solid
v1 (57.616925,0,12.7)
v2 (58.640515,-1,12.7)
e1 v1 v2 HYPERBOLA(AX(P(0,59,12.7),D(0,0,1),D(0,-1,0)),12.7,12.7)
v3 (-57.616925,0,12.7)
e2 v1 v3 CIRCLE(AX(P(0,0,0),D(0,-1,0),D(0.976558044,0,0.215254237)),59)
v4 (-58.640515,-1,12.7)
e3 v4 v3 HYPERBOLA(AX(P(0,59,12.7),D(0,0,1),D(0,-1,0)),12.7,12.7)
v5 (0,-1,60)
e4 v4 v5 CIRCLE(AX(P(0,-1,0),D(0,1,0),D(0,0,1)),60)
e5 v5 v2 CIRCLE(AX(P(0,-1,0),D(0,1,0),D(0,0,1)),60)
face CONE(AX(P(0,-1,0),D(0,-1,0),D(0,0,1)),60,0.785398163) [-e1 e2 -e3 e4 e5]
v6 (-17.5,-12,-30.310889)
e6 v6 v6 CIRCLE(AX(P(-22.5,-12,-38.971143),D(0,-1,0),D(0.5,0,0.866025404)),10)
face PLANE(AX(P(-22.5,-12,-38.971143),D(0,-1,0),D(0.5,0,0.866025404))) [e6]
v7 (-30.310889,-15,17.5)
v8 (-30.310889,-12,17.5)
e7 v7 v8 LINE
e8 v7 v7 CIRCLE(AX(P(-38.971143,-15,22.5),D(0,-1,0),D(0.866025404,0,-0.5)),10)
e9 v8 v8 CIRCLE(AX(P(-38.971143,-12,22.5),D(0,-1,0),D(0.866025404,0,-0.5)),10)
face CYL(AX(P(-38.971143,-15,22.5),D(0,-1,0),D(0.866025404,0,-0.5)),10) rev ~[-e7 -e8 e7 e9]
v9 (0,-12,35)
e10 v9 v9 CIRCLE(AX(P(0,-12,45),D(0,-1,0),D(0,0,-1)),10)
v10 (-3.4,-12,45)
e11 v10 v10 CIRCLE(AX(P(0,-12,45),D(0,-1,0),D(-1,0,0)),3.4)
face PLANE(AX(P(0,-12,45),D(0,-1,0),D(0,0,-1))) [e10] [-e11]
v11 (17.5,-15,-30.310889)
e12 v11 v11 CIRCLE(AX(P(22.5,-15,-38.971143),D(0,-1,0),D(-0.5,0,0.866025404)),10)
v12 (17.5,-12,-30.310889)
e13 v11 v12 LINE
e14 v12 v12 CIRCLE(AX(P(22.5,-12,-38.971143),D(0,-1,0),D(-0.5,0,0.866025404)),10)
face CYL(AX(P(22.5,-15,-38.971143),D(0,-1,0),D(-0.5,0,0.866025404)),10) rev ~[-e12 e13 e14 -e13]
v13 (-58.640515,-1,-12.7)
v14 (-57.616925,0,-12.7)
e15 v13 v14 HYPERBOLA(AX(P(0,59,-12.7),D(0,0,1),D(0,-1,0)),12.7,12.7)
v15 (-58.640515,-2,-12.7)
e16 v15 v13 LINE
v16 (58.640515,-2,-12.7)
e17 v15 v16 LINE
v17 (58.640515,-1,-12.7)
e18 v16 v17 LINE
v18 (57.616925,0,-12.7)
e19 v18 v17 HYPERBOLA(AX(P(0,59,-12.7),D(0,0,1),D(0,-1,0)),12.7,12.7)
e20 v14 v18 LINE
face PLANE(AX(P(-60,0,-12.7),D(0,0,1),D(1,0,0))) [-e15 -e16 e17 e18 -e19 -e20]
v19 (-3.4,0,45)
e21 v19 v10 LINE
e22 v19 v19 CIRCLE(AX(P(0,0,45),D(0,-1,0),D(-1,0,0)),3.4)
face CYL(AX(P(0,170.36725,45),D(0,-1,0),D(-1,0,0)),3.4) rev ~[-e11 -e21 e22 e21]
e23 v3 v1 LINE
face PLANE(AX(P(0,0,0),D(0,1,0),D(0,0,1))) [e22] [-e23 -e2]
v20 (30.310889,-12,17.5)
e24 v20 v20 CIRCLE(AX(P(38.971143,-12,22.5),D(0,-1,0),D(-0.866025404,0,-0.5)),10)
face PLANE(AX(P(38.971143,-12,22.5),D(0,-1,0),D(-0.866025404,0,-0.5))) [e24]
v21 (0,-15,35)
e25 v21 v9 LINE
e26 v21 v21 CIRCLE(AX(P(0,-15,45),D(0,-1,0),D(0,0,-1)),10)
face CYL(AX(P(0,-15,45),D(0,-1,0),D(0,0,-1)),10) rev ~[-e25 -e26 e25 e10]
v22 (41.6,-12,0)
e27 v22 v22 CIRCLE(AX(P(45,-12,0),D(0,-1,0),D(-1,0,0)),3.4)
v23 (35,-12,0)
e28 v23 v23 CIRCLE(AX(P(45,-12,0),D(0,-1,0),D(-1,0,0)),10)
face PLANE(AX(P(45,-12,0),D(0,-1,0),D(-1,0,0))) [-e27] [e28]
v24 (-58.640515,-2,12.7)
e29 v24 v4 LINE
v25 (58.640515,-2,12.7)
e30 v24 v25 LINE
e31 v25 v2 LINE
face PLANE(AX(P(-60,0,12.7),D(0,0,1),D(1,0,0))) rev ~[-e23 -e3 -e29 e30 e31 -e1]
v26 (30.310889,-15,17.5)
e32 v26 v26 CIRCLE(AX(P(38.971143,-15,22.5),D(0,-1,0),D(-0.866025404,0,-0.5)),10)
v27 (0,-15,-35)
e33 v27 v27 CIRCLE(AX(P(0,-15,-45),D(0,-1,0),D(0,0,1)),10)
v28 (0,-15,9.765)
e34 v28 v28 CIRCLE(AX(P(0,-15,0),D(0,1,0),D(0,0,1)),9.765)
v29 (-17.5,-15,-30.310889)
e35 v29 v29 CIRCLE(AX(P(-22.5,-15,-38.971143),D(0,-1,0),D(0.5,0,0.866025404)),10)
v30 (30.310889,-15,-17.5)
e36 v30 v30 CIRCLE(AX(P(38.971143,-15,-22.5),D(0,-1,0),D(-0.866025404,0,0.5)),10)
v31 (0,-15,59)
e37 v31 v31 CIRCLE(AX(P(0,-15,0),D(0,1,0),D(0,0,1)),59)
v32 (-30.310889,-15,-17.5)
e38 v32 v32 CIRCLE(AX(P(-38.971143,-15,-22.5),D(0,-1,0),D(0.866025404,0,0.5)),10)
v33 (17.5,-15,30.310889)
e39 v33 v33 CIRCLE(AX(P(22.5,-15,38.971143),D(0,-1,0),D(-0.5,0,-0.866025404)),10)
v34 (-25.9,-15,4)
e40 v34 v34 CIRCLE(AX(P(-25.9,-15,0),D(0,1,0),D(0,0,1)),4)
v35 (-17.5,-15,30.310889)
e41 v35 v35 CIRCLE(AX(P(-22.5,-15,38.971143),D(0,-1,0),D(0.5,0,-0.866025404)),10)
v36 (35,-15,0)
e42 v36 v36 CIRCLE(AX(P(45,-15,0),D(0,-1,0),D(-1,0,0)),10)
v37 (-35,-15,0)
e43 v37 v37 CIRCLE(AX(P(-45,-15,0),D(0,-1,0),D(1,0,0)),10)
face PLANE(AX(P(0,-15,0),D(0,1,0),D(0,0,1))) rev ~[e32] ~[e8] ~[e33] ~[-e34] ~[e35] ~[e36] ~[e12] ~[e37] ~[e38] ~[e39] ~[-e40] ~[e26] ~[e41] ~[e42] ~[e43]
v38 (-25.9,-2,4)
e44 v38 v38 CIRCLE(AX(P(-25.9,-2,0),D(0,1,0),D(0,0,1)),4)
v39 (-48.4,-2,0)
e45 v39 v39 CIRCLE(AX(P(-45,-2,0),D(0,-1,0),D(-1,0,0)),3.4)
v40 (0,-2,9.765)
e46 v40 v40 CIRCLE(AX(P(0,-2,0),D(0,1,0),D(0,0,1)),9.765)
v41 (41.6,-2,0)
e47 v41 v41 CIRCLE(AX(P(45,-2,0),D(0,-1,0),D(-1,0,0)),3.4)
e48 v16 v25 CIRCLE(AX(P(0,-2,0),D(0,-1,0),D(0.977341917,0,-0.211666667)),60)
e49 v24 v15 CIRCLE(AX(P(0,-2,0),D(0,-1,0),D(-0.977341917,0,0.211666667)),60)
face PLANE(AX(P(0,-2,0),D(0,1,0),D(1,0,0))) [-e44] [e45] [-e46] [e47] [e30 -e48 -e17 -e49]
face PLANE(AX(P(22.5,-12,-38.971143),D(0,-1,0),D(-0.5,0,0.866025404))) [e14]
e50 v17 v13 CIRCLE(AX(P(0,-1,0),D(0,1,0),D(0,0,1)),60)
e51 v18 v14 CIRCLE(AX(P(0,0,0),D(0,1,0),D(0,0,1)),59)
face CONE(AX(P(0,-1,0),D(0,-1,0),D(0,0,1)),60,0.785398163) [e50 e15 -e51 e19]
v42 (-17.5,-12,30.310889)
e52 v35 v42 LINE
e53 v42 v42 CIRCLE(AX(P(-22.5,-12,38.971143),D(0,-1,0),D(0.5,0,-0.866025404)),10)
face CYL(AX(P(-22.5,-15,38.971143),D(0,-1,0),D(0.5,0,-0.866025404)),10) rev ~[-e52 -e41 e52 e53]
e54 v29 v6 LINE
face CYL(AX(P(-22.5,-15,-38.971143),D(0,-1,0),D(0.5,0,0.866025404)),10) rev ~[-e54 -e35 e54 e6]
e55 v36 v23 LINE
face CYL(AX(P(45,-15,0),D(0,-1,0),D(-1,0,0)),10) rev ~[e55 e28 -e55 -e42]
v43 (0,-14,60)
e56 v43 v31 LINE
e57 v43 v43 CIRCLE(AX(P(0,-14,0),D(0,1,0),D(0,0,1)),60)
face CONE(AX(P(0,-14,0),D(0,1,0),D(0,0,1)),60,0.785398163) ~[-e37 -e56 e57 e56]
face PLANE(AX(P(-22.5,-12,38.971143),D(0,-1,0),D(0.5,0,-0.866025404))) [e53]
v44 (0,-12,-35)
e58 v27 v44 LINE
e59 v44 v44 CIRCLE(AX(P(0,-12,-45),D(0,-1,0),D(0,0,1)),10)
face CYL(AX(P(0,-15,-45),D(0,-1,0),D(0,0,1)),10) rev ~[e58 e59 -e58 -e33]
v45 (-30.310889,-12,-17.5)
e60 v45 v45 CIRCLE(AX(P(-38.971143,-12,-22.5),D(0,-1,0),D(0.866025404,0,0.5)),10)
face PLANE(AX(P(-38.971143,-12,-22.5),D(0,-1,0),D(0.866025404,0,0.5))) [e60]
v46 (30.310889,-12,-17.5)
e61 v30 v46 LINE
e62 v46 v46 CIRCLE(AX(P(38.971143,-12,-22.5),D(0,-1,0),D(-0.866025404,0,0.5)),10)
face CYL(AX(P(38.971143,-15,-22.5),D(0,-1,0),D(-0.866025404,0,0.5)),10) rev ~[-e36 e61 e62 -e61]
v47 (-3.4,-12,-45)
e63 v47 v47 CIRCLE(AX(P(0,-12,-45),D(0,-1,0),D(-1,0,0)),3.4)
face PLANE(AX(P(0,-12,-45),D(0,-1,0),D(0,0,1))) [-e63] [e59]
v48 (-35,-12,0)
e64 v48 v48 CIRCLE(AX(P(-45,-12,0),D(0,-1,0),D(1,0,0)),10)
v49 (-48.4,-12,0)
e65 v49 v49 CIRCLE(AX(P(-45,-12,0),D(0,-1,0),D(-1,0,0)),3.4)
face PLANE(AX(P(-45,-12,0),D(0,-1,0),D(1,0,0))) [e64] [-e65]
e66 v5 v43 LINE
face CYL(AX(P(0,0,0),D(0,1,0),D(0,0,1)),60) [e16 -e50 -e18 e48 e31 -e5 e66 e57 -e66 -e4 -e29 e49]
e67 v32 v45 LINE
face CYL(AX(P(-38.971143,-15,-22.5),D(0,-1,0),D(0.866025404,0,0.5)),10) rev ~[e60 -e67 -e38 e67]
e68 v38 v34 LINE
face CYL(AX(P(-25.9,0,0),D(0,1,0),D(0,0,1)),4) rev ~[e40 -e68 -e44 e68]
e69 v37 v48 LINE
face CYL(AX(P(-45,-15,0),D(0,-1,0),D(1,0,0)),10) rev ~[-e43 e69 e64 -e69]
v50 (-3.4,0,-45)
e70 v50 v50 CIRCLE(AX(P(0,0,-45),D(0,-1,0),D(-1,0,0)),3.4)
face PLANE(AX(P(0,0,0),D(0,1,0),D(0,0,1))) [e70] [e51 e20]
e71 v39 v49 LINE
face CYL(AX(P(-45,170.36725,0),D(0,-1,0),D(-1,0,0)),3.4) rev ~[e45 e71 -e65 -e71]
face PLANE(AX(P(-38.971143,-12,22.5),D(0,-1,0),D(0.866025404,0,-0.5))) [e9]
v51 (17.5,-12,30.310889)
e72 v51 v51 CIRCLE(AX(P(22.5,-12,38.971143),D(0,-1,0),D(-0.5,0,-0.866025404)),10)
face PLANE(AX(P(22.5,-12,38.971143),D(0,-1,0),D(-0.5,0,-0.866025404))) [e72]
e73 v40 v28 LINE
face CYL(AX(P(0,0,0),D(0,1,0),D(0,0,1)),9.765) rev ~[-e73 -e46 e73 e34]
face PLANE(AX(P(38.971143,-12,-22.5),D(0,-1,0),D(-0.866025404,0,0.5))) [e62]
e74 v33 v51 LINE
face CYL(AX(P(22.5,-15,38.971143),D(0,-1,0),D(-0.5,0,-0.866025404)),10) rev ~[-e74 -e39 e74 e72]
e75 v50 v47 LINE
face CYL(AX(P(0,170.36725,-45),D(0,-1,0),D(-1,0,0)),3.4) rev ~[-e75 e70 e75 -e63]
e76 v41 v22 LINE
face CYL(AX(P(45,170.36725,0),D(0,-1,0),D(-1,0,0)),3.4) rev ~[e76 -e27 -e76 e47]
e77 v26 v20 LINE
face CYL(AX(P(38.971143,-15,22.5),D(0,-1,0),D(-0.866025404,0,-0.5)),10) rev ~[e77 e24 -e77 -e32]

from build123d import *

# Parameters (mm, degrees)
SKETCH1_R                      = 60
SKETCH1_R_2                    = 9.765
BOSS_EXTRUDE1_DEPTH            = 15
CHAMFER1_SIZE                  = 1
M8_TAPPED_HOLE1_D              = 6.8
SKETCH5_R                      = 10
CUT_EXTRUDE1_DEPTH             = 3
CIRPATTERN1_COUNT              = 12
SKETCH7_W                      = 120
SKETCH7_H                      = 25.4
CUT_EXTRUDE2_DEPTH             = 2
CUT_EXTRUDE3_REACH             = 88.168
SKETCH8_R                      = 4
CUT_EXTRUDE3_DIRECTION_2_DEPTH = 87.168439698


with BuildPart() as part:
    # Sketch1 → Boss-Extrude1 (new body)
    with BuildSketch(Plane(origin=(0, 0, 0), x_dir=(1, 0, 0), z_dir=(0, 1, 0))):
        with Locations(Location((0, 0, 0), (0, 0, 270))):
            Circle(SKETCH1_R)
        with Locations(Location((0, 0, 0), (0, 0, 270))):
            Circle(SKETCH1_R_2, mode=Mode.SUBTRACT)
    extrude(amount=-BOSS_EXTRUDE1_DEPTH)

    # Chamfer1
    chamfer1_edges = [part.edges().sort_by_distance(p)[0] for p in [
        (0, 0, -60),
        (0, -15, -60),
    ]]
    chamfer(chamfer1_edges, length=CHAMFER1_SIZE)

    # M8 Tapped Hole1 (through all)
    with Locations(Plane(origin=(0, 0, 0), x_dir=(1, 0, 0), z_dir=(0, 1, 0))):
        with Locations((-45, 0), (0, -45), (0, 45), (45, 0)):
            Hole(M8_TAPPED_HOLE1_D / 2)

    # Sketch5 → Cut-Extrude1 (cut)
    with BuildSketch(Plane.XZ.offset(15)):
        with Locations(Location((0, 45, 0), (0, 0, 270))):
            Circle(SKETCH5_R)
    cut_extrude1 = extrude(amount=-CUT_EXTRUDE1_DEPTH, mode=Mode.SUBTRACT)

    # CirPattern1: Cut-Extrude1 ×12 about axis
    cirpattern1_axis = Axis((0, 0, 0), (0, 1, 0))
    for i in range(1, CIRPATTERN1_COUNT):
        add(cut_extrude1.rotate(cirpattern1_axis, i * 360 / CIRPATTERN1_COUNT), mode=Mode.SUBTRACT)

    # Sketch7 → Cut-Extrude2 (cut)
    with BuildSketch(Plane(origin=(0, 0, 0), x_dir=(1, 0, 0), z_dir=(0, 1, 0))):
        Rectangle(SKETCH7_W, SKETCH7_H)
    extrude(amount=-CUT_EXTRUDE2_DEPTH, mode=Mode.SUBTRACT)

    # Sketch8 → Cut-Extrude3 (cut, up to next)
    with BuildSketch(Plane(origin=(0, 0, 0), x_dir=(1, 0, 0), z_dir=(0, 1, 0)), mode=Mode.PRIVATE) as cut_extrude3_sk1:
        with Locations(Location((-25.9, 0, 0), (0, 0, 270))):
            Circle(SKETCH8_R)
    cut_extrude3_tool1 = extrude(cut_extrude3_sk1.sketch, amount=-CUT_EXTRUDE3_REACH, mode=Mode.PRIVATE) & part.part
    add(cut_extrude3_tool1.solids().sort_by_distance((-25.9, 0, 0))[0], mode=Mode.SUBTRACT)

    # Sketch8 → Cut-Extrude3 direction 2 (cut)
    with BuildSketch(Plane(origin=(0, 0, 0), x_dir=(1, 0, 0), z_dir=(0, 1, 0))):
        with Locations(Location((-25.9, 0, 0), (0, 0, 270))):
            Circle(SKETCH8_R)
    extrude(amount=CUT_EXTRUDE3_DIRECTION_2_DEPTH, mode=Mode.SUBTRACT)


solid = part.part
